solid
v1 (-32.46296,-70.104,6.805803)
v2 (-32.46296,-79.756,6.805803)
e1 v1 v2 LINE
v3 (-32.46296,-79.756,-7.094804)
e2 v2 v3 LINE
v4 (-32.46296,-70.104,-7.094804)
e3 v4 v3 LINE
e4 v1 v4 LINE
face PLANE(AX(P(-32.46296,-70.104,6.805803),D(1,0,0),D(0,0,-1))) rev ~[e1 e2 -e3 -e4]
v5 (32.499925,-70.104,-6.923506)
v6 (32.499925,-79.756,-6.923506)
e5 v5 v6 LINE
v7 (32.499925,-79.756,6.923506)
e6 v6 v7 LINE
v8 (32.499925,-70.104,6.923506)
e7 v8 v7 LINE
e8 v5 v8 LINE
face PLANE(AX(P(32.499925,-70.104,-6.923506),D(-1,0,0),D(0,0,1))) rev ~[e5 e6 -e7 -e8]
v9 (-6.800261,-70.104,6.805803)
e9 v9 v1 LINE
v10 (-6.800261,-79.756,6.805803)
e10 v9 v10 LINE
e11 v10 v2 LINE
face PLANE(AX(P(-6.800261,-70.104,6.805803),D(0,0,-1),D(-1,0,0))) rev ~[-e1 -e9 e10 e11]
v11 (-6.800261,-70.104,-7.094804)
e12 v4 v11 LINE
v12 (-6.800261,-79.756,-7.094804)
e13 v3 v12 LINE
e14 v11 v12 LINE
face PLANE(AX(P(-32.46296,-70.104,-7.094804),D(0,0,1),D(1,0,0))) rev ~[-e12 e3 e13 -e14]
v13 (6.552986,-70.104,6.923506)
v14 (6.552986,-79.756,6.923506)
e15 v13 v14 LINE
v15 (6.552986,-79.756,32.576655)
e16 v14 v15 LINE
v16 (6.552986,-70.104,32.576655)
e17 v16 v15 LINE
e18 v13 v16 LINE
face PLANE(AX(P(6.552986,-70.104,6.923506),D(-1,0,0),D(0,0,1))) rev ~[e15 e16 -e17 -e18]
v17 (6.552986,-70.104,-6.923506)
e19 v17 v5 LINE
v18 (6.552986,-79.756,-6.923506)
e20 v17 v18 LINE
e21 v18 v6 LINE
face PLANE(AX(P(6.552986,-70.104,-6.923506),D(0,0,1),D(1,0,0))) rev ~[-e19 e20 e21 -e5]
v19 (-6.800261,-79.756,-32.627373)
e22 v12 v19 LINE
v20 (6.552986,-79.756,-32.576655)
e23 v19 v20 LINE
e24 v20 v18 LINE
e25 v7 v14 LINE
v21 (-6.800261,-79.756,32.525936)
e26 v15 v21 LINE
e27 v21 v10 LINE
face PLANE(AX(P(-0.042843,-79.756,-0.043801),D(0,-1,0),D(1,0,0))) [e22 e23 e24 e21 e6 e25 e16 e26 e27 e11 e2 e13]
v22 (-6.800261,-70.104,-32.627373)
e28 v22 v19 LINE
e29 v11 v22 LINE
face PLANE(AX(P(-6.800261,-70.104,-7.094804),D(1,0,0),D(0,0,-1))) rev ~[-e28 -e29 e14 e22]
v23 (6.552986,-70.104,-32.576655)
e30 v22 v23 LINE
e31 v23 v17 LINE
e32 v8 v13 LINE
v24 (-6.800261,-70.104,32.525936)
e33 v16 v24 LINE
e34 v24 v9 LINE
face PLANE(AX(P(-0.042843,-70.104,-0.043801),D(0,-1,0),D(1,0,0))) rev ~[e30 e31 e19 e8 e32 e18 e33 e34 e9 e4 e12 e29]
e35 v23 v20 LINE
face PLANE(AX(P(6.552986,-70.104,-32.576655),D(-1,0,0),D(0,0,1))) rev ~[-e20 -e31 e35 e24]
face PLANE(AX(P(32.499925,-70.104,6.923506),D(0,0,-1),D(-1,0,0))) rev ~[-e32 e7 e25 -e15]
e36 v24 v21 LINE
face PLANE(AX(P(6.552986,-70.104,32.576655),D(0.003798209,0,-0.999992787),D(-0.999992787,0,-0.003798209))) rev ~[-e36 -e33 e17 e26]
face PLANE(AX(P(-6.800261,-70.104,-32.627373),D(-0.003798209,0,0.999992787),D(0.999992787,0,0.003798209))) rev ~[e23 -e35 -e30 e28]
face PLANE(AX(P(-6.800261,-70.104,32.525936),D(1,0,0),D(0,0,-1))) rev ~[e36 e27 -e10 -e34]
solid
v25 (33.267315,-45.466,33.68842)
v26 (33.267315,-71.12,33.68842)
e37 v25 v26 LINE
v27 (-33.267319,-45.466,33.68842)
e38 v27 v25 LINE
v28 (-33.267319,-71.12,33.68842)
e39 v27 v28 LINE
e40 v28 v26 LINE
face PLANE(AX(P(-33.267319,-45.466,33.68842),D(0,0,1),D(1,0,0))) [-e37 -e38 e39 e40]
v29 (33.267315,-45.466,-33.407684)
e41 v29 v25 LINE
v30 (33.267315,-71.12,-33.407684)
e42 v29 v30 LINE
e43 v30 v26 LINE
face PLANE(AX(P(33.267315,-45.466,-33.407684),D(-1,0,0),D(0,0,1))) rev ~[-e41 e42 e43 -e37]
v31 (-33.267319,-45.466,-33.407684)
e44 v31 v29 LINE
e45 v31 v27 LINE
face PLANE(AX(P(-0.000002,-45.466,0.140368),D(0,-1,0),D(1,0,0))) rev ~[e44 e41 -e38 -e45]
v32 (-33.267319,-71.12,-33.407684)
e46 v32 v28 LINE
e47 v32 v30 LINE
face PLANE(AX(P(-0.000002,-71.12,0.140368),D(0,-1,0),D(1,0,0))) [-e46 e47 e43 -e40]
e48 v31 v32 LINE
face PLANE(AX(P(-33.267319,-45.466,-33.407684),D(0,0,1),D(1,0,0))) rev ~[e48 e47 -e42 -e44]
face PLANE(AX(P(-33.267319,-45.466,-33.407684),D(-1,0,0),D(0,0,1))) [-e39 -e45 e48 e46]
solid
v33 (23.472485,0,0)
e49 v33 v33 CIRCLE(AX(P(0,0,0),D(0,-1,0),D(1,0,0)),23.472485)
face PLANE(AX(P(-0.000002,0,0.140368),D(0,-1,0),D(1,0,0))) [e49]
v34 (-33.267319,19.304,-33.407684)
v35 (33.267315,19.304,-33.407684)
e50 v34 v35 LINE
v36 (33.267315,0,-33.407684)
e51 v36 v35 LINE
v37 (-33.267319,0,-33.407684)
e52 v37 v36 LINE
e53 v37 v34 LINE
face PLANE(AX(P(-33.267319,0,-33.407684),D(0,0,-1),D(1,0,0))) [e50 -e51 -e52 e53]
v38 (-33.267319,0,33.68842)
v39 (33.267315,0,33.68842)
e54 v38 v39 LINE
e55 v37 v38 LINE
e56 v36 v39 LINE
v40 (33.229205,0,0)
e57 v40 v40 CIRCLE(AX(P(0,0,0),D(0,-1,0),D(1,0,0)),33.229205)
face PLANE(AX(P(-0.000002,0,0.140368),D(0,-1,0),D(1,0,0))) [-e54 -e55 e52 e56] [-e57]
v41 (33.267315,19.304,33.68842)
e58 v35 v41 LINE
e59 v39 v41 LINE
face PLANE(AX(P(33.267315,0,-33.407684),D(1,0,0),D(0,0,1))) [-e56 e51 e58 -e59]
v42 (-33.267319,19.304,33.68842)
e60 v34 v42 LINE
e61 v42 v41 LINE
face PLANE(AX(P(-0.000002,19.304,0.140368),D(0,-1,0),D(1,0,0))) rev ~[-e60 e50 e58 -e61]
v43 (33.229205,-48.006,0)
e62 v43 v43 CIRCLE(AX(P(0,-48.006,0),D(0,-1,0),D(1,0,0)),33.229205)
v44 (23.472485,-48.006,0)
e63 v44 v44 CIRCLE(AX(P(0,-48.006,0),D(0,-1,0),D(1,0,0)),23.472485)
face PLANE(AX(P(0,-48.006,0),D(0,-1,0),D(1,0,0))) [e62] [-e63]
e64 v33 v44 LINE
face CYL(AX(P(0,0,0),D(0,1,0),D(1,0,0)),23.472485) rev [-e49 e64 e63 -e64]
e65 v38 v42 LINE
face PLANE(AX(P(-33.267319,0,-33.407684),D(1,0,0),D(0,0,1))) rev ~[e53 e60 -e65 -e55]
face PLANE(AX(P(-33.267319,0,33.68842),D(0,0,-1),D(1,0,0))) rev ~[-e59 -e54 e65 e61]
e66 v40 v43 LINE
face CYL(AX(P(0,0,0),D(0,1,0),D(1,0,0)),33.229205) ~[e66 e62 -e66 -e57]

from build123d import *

# Parameters (mm, degrees)
F0_R     = 33.229204682
F0_R_2   = 23.4724850114
F1_DEPTH = 48.006
F2_W     = 66.5346346796
F2_H     = 67.0961048454
F3_DEPTH = 19.304
F5_START = 22.098
F5_DEPTH = 9.652
F6_START = 45.466
F6_DEPTH = 25.654


with BuildPart() as f1:
    # F0 (on Front) → F1 (new body)
    with BuildSketch(Plane.XZ):
        Circle(F0_R)
        Circle(F0_R_2, mode=Mode.SUBTRACT)
    extrude(amount=F1_DEPTH)

    # F2 (on face) → F3 (join)
    with BuildSketch(Plane.XZ):
        with Locations((-1.8626e-06, 0.1403680071)):
            Rectangle(F2_W, F2_H)
    extrude(amount=-F3_DEPTH)


with BuildPart() as f5:
    # F4 (on face) → F5 (new body)
    with BuildSketch(Plane.XZ.offset(48.006).offset(F5_START)):
        Polygon((-6.8002606187, -7.0948041975), (-6.8002606187, -32.6273733594), (6.5529856074, -32.576654577), (6.5529856074, -6.9235055707), (32.499924837, -6.9235055707), (32.499924837, 6.9235055707), (6.5529856074, 6.9235055707), (6.5529856074, 32.576654577), (-6.8002606187, 32.5259357947), (-6.8002606187, 6.8058026955), (-32.4629603887, 6.8058026955), (-32.4629603887, -7.0948041975), align=None)
    extrude(amount=F5_DEPTH)


with BuildPart() as f6:
    # F2 (on face) → F6 (new body)
    with BuildSketch(Plane.XZ.offset(F6_START)):
        with Locations((-1.8626e-06, 0.1403680071)):
            Rectangle(F2_W, F2_H)
    extrude(amount=F6_DEPTH)


solid = Compound([f1.part, f5.part, f6.part])
